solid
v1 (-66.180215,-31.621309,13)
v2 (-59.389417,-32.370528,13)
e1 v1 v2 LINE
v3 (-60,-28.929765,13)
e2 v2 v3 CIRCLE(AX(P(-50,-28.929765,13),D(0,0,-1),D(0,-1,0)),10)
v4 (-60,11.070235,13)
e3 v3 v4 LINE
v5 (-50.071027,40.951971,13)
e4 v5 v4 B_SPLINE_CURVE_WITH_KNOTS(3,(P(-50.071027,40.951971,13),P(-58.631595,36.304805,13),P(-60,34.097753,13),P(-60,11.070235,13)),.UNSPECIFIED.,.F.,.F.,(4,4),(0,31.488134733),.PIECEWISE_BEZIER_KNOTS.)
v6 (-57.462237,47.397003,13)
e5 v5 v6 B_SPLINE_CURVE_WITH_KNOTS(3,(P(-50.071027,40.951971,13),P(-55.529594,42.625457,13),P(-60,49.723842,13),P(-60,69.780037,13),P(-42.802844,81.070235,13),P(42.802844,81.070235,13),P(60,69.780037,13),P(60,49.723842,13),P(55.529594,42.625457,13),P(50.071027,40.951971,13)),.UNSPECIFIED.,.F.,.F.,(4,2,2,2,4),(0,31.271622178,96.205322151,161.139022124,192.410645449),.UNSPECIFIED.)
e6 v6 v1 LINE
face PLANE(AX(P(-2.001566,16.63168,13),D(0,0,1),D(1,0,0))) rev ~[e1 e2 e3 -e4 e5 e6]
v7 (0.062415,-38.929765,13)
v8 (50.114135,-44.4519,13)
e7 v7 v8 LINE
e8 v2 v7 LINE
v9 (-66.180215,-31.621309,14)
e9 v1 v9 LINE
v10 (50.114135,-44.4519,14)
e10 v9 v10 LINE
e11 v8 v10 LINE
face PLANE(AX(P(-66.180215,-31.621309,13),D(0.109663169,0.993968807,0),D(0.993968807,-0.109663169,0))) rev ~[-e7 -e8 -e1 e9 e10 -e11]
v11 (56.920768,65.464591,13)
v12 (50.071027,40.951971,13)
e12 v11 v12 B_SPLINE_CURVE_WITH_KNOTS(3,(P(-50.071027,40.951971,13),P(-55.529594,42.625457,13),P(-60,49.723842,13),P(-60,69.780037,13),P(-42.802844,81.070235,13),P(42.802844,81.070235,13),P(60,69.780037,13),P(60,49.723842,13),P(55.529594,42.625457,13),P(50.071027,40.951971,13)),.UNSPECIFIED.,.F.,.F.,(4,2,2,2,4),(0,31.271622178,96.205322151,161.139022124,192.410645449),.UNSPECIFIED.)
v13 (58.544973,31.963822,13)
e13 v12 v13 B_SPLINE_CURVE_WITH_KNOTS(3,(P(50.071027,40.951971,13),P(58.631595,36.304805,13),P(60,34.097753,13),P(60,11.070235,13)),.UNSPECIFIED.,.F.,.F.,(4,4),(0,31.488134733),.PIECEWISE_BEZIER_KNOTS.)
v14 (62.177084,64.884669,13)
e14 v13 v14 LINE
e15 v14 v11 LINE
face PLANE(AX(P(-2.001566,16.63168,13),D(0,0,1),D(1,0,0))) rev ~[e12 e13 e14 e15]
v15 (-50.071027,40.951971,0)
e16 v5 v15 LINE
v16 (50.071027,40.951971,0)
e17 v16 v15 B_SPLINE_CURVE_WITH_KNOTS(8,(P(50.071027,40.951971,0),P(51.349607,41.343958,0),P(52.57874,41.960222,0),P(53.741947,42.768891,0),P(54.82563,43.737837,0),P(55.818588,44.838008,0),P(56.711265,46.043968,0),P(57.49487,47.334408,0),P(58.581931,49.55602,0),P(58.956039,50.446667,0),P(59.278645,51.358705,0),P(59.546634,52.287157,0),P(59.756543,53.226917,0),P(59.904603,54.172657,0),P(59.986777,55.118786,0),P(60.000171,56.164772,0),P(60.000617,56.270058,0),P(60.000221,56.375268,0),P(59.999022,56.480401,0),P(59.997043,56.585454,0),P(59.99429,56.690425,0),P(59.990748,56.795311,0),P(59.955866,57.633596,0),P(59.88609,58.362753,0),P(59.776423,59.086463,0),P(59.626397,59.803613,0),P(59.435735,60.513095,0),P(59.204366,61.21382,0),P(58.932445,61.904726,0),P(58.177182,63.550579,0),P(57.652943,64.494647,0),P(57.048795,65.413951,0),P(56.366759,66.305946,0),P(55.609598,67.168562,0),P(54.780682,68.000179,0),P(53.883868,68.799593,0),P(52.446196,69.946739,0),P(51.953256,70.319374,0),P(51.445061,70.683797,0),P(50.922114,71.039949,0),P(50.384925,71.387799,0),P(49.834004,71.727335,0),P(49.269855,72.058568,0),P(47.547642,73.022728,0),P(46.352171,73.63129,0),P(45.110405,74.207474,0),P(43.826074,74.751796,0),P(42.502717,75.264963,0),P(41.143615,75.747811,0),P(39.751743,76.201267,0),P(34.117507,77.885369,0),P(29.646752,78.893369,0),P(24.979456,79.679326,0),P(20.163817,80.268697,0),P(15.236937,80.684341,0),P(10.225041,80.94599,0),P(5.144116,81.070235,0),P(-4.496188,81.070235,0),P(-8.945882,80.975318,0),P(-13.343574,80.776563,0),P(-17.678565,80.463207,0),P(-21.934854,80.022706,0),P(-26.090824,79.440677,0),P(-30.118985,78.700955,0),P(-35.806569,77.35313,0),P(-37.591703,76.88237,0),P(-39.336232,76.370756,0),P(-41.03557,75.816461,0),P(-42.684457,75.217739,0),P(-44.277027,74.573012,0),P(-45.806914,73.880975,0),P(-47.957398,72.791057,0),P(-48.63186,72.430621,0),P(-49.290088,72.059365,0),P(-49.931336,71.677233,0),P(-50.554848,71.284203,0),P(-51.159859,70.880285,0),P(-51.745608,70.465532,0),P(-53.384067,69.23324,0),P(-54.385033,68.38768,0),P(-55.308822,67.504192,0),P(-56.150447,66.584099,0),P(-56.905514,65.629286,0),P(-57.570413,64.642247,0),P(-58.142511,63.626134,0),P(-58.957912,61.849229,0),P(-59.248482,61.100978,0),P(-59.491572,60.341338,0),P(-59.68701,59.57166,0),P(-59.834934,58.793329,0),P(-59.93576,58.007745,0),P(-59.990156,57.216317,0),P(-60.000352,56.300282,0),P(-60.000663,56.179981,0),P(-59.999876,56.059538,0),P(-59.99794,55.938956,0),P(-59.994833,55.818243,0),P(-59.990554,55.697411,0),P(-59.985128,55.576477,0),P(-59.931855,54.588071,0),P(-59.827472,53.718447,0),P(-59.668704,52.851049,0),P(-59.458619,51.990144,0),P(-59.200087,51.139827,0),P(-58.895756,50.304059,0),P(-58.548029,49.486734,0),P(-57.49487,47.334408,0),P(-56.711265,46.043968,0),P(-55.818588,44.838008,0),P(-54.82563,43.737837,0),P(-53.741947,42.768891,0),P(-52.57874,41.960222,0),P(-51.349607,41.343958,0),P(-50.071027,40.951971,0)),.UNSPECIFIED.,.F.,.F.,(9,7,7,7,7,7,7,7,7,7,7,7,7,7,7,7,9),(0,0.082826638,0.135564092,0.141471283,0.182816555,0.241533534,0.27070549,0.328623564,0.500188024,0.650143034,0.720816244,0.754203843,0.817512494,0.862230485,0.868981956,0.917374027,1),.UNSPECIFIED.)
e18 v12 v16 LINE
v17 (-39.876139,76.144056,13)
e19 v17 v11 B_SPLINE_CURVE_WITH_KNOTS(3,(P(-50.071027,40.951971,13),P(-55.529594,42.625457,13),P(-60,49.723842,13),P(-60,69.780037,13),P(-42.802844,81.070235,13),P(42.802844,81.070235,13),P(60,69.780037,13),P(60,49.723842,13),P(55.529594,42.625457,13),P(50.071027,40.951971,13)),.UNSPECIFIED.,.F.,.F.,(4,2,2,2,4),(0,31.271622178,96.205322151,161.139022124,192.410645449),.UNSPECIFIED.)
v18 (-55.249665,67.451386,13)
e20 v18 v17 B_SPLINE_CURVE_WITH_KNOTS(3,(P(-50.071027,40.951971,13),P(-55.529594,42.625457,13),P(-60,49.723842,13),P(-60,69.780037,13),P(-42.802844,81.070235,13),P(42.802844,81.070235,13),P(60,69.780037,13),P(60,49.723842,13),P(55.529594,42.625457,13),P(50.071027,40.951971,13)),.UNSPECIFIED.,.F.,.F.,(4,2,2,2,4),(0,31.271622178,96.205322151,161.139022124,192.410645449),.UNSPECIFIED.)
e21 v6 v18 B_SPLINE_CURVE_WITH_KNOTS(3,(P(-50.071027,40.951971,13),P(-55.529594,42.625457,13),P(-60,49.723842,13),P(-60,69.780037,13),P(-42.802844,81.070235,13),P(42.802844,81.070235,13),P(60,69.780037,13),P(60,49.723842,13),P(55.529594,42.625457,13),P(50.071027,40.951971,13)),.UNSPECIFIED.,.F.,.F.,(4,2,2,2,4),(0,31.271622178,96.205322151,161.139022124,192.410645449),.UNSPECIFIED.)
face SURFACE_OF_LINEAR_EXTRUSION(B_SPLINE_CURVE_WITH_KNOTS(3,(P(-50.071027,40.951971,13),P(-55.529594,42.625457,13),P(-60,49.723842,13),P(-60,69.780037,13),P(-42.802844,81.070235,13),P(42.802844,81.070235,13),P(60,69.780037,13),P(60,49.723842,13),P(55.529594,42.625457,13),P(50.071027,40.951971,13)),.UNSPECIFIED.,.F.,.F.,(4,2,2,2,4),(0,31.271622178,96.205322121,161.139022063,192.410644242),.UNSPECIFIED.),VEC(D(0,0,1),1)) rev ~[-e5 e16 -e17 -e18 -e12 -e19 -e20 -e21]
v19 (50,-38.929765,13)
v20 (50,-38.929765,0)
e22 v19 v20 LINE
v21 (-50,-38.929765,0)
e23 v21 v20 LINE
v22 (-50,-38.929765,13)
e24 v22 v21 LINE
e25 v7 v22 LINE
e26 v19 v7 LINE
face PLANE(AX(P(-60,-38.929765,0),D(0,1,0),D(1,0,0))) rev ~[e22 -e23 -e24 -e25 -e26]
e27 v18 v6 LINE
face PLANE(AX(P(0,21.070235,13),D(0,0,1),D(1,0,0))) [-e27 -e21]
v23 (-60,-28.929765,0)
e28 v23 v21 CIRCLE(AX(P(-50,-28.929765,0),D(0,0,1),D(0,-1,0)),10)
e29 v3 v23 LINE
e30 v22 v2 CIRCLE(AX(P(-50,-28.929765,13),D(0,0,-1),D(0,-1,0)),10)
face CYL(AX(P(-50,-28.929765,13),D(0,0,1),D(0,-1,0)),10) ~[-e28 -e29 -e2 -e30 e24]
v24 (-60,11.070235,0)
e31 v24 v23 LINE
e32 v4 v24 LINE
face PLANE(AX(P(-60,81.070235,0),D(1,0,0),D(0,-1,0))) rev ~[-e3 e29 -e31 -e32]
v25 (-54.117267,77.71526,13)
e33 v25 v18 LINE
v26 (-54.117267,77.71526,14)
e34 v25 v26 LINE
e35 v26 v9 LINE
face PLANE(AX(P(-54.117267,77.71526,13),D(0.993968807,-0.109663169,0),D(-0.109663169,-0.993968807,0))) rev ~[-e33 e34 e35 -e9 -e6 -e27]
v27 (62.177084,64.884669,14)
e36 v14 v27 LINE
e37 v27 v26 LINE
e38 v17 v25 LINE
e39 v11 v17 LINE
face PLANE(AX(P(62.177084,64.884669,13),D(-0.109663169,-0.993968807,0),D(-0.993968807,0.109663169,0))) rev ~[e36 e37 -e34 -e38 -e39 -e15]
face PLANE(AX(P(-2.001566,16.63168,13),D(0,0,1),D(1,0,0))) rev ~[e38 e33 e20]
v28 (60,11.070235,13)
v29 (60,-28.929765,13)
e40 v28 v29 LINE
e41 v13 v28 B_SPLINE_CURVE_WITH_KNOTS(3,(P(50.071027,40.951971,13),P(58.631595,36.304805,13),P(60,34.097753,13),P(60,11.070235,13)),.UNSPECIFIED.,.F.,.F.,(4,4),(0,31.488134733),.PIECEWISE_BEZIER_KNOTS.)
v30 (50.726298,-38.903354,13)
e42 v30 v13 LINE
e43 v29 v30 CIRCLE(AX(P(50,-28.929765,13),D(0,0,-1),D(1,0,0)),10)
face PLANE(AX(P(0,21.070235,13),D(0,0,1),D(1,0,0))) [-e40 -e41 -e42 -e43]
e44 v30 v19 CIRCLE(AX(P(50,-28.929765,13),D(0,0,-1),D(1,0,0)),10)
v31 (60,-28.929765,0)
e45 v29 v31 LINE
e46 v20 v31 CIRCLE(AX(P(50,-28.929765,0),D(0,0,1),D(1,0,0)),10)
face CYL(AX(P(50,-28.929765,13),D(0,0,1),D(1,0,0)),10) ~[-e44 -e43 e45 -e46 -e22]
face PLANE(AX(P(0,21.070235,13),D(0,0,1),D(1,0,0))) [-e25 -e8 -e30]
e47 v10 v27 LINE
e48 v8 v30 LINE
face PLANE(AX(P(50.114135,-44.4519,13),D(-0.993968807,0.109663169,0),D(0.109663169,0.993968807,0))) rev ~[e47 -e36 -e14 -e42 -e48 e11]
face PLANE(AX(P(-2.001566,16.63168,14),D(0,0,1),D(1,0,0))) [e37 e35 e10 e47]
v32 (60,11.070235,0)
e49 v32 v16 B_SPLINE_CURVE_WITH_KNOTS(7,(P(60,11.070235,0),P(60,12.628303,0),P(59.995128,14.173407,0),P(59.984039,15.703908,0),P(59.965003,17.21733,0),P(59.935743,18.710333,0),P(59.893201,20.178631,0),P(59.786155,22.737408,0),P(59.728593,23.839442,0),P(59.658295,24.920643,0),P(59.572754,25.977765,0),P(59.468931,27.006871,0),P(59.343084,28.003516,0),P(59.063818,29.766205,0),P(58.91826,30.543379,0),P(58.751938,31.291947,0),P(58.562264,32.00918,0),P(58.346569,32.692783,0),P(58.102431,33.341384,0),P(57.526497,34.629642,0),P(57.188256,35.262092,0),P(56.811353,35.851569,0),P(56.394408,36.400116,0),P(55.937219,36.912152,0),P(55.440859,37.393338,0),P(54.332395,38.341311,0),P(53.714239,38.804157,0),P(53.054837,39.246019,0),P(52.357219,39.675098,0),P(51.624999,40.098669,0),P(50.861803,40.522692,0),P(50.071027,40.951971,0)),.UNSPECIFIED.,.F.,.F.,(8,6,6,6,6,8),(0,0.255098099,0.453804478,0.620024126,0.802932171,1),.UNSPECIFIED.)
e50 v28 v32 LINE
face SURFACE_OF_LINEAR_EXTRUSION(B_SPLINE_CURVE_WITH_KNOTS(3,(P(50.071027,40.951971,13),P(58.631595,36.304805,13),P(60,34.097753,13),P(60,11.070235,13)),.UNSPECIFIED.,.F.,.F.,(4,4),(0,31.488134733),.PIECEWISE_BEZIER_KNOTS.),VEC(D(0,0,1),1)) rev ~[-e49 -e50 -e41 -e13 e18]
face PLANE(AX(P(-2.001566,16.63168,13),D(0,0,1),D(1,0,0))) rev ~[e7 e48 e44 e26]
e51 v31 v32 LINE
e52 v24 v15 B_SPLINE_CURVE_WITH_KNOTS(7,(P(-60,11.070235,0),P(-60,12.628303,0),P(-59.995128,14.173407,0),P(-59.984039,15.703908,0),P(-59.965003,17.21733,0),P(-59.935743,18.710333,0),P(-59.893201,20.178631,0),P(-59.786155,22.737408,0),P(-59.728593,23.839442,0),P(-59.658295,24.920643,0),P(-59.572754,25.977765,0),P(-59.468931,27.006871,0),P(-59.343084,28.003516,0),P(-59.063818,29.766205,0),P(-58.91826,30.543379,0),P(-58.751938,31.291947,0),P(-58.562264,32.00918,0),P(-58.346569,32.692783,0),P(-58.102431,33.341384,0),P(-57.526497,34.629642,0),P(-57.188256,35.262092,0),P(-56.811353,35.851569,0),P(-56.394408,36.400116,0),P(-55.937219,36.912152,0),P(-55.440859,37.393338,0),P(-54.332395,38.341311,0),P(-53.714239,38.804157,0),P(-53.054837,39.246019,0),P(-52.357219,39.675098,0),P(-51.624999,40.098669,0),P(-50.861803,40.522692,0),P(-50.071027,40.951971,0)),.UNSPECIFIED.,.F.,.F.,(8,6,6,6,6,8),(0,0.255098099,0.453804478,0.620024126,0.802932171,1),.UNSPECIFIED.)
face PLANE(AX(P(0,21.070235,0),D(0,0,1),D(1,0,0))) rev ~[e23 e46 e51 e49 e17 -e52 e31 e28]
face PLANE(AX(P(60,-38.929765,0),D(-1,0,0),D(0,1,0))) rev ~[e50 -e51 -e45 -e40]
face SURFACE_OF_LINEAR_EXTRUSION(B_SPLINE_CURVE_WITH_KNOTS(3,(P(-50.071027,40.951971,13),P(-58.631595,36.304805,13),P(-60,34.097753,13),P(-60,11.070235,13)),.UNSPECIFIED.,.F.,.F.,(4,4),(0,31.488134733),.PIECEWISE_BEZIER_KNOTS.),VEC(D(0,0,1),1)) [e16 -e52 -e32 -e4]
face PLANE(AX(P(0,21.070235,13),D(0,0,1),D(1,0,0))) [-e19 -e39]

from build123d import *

# Parameters (mm, degrees)
F1_DEPTH = 13
F3_DEPTH = 25
F5_DEPTH = 1


with BuildPart() as f1:
    # F0 (on Top) → F1 (new body)
    with BuildSketch(Plane.XY):
        Polygon((60, 81.0702352943), (0, 81.0702352943), (-60, 81.0702352943), (-60, -38.9297647057), (0, -38.9297647057), (60, -38.9297647057), align=None)
    extrude(amount=F1_DEPTH)

    # F2 (on face) → F3 (cut)
    with BuildSketch(Plane.XY.offset(13)):
        Polygon((-101.7926856875, -77.1939546643), (0, -77.1939546643), (101.7926856875, -77.1939546643), (101.7926856875, 81.0702352943), (101.7926856875, 114.1239181161), (-101.7926856875, 114.1239181161), (-101.7926856875, 81.0702352943), align=None)
        with BuildLine():
            add(Edge.make_bspline(
                [(0, 81.0702352943), (-42.8028441966, 81.0702352943), (-60, 69.7800374747), (-60, 56.2431253493)],
                knots=[0, 0, 0, 0, 64.9336999425, 64.9336999425, 64.9336999425, 64.9336999425], degree=3))
            add(Edge.make_bspline(
                [(0, 81.0702352943), (42.8028441966, 81.0702352943), (60, 69.7800374747), (60, 56.2431253493)],
                knots=[0, 0, 0, 0, 64.9336999425, 64.9336999425, 64.9336999425, 64.9336999425], degree=3))
            add(Edge.make_bspline(
                [(60, 56.2431253493), (60, 49.7238418059), (55.5295944214, 42.6254570484), (50.0710271299, 40.9519709647)],
                knots=[0, 0, 0, 0, 18.2319473636, 18.2319473636, 18.2319473636, 18.2319473636], degree=3))
            add(Edge.make_bspline(
                [(50.0710271299, 40.9519709647), (58.6315952241, 36.3048054278), (60, 34.0977534652), (60, 11.0702352943)],
                knots=[0, 0, 0, 0, 31.4881347325, 31.4881347325, 31.4881347325, 31.4881347325], degree=3))
            Line((60, 11.0702352943), (60, -28.9297647057))
            ThreePointArc((60, -28.9297647057), (57.0710678119, -36.0008325176), (50, -38.9297647057))
            Line((50, -38.9297647057), (0, -38.9297647057))
            Line((0, -38.9297647057), (-50, -38.9297647057))
            ThreePointArc((-50, -38.9297647057), (-57.0710678119, -36.0008325176), (-60, -28.9297647057))
            Line((-60, -28.9297647057), (-60, 11.0702352943))
            add(Edge.make_bspline(
                [(-50.0710271299, 40.9519709647), (-58.6315952241, 36.3048054278), (-60, 34.0977534652), (-60, 11.0702352943)],
                knots=[0, 0, 0, 0, 31.4881347325, 31.4881347325, 31.4881347325, 31.4881347325], degree=3))
            add(Edge.make_bspline(
                [(-60, 56.2431253493), (-60, 49.7238418059), (-55.5295944214, 42.6254570484), (-50.0710271299, 40.9519709647)],
                knots=[0, 0, 0, 0, 18.2319473636, 18.2319473636, 18.2319473636, 18.2319473636], degree=3))
        make_face(mode=Mode.SUBTRACT)
    extrude(amount=-F3_DEPTH, mode=Mode.SUBTRACT)

    # F4 (on face) → F5 (join)
    with BuildSketch(Plane.XY.offset(13)):
        Polygon((62.1770835809, 64.8846687683), (-54.1172668378, 77.7152595846), (-66.1802154686, -31.6213091851), (50.1141349501, -44.4519000014), align=None)
    extrude(amount=F5_DEPTH)


solid = f1.part
